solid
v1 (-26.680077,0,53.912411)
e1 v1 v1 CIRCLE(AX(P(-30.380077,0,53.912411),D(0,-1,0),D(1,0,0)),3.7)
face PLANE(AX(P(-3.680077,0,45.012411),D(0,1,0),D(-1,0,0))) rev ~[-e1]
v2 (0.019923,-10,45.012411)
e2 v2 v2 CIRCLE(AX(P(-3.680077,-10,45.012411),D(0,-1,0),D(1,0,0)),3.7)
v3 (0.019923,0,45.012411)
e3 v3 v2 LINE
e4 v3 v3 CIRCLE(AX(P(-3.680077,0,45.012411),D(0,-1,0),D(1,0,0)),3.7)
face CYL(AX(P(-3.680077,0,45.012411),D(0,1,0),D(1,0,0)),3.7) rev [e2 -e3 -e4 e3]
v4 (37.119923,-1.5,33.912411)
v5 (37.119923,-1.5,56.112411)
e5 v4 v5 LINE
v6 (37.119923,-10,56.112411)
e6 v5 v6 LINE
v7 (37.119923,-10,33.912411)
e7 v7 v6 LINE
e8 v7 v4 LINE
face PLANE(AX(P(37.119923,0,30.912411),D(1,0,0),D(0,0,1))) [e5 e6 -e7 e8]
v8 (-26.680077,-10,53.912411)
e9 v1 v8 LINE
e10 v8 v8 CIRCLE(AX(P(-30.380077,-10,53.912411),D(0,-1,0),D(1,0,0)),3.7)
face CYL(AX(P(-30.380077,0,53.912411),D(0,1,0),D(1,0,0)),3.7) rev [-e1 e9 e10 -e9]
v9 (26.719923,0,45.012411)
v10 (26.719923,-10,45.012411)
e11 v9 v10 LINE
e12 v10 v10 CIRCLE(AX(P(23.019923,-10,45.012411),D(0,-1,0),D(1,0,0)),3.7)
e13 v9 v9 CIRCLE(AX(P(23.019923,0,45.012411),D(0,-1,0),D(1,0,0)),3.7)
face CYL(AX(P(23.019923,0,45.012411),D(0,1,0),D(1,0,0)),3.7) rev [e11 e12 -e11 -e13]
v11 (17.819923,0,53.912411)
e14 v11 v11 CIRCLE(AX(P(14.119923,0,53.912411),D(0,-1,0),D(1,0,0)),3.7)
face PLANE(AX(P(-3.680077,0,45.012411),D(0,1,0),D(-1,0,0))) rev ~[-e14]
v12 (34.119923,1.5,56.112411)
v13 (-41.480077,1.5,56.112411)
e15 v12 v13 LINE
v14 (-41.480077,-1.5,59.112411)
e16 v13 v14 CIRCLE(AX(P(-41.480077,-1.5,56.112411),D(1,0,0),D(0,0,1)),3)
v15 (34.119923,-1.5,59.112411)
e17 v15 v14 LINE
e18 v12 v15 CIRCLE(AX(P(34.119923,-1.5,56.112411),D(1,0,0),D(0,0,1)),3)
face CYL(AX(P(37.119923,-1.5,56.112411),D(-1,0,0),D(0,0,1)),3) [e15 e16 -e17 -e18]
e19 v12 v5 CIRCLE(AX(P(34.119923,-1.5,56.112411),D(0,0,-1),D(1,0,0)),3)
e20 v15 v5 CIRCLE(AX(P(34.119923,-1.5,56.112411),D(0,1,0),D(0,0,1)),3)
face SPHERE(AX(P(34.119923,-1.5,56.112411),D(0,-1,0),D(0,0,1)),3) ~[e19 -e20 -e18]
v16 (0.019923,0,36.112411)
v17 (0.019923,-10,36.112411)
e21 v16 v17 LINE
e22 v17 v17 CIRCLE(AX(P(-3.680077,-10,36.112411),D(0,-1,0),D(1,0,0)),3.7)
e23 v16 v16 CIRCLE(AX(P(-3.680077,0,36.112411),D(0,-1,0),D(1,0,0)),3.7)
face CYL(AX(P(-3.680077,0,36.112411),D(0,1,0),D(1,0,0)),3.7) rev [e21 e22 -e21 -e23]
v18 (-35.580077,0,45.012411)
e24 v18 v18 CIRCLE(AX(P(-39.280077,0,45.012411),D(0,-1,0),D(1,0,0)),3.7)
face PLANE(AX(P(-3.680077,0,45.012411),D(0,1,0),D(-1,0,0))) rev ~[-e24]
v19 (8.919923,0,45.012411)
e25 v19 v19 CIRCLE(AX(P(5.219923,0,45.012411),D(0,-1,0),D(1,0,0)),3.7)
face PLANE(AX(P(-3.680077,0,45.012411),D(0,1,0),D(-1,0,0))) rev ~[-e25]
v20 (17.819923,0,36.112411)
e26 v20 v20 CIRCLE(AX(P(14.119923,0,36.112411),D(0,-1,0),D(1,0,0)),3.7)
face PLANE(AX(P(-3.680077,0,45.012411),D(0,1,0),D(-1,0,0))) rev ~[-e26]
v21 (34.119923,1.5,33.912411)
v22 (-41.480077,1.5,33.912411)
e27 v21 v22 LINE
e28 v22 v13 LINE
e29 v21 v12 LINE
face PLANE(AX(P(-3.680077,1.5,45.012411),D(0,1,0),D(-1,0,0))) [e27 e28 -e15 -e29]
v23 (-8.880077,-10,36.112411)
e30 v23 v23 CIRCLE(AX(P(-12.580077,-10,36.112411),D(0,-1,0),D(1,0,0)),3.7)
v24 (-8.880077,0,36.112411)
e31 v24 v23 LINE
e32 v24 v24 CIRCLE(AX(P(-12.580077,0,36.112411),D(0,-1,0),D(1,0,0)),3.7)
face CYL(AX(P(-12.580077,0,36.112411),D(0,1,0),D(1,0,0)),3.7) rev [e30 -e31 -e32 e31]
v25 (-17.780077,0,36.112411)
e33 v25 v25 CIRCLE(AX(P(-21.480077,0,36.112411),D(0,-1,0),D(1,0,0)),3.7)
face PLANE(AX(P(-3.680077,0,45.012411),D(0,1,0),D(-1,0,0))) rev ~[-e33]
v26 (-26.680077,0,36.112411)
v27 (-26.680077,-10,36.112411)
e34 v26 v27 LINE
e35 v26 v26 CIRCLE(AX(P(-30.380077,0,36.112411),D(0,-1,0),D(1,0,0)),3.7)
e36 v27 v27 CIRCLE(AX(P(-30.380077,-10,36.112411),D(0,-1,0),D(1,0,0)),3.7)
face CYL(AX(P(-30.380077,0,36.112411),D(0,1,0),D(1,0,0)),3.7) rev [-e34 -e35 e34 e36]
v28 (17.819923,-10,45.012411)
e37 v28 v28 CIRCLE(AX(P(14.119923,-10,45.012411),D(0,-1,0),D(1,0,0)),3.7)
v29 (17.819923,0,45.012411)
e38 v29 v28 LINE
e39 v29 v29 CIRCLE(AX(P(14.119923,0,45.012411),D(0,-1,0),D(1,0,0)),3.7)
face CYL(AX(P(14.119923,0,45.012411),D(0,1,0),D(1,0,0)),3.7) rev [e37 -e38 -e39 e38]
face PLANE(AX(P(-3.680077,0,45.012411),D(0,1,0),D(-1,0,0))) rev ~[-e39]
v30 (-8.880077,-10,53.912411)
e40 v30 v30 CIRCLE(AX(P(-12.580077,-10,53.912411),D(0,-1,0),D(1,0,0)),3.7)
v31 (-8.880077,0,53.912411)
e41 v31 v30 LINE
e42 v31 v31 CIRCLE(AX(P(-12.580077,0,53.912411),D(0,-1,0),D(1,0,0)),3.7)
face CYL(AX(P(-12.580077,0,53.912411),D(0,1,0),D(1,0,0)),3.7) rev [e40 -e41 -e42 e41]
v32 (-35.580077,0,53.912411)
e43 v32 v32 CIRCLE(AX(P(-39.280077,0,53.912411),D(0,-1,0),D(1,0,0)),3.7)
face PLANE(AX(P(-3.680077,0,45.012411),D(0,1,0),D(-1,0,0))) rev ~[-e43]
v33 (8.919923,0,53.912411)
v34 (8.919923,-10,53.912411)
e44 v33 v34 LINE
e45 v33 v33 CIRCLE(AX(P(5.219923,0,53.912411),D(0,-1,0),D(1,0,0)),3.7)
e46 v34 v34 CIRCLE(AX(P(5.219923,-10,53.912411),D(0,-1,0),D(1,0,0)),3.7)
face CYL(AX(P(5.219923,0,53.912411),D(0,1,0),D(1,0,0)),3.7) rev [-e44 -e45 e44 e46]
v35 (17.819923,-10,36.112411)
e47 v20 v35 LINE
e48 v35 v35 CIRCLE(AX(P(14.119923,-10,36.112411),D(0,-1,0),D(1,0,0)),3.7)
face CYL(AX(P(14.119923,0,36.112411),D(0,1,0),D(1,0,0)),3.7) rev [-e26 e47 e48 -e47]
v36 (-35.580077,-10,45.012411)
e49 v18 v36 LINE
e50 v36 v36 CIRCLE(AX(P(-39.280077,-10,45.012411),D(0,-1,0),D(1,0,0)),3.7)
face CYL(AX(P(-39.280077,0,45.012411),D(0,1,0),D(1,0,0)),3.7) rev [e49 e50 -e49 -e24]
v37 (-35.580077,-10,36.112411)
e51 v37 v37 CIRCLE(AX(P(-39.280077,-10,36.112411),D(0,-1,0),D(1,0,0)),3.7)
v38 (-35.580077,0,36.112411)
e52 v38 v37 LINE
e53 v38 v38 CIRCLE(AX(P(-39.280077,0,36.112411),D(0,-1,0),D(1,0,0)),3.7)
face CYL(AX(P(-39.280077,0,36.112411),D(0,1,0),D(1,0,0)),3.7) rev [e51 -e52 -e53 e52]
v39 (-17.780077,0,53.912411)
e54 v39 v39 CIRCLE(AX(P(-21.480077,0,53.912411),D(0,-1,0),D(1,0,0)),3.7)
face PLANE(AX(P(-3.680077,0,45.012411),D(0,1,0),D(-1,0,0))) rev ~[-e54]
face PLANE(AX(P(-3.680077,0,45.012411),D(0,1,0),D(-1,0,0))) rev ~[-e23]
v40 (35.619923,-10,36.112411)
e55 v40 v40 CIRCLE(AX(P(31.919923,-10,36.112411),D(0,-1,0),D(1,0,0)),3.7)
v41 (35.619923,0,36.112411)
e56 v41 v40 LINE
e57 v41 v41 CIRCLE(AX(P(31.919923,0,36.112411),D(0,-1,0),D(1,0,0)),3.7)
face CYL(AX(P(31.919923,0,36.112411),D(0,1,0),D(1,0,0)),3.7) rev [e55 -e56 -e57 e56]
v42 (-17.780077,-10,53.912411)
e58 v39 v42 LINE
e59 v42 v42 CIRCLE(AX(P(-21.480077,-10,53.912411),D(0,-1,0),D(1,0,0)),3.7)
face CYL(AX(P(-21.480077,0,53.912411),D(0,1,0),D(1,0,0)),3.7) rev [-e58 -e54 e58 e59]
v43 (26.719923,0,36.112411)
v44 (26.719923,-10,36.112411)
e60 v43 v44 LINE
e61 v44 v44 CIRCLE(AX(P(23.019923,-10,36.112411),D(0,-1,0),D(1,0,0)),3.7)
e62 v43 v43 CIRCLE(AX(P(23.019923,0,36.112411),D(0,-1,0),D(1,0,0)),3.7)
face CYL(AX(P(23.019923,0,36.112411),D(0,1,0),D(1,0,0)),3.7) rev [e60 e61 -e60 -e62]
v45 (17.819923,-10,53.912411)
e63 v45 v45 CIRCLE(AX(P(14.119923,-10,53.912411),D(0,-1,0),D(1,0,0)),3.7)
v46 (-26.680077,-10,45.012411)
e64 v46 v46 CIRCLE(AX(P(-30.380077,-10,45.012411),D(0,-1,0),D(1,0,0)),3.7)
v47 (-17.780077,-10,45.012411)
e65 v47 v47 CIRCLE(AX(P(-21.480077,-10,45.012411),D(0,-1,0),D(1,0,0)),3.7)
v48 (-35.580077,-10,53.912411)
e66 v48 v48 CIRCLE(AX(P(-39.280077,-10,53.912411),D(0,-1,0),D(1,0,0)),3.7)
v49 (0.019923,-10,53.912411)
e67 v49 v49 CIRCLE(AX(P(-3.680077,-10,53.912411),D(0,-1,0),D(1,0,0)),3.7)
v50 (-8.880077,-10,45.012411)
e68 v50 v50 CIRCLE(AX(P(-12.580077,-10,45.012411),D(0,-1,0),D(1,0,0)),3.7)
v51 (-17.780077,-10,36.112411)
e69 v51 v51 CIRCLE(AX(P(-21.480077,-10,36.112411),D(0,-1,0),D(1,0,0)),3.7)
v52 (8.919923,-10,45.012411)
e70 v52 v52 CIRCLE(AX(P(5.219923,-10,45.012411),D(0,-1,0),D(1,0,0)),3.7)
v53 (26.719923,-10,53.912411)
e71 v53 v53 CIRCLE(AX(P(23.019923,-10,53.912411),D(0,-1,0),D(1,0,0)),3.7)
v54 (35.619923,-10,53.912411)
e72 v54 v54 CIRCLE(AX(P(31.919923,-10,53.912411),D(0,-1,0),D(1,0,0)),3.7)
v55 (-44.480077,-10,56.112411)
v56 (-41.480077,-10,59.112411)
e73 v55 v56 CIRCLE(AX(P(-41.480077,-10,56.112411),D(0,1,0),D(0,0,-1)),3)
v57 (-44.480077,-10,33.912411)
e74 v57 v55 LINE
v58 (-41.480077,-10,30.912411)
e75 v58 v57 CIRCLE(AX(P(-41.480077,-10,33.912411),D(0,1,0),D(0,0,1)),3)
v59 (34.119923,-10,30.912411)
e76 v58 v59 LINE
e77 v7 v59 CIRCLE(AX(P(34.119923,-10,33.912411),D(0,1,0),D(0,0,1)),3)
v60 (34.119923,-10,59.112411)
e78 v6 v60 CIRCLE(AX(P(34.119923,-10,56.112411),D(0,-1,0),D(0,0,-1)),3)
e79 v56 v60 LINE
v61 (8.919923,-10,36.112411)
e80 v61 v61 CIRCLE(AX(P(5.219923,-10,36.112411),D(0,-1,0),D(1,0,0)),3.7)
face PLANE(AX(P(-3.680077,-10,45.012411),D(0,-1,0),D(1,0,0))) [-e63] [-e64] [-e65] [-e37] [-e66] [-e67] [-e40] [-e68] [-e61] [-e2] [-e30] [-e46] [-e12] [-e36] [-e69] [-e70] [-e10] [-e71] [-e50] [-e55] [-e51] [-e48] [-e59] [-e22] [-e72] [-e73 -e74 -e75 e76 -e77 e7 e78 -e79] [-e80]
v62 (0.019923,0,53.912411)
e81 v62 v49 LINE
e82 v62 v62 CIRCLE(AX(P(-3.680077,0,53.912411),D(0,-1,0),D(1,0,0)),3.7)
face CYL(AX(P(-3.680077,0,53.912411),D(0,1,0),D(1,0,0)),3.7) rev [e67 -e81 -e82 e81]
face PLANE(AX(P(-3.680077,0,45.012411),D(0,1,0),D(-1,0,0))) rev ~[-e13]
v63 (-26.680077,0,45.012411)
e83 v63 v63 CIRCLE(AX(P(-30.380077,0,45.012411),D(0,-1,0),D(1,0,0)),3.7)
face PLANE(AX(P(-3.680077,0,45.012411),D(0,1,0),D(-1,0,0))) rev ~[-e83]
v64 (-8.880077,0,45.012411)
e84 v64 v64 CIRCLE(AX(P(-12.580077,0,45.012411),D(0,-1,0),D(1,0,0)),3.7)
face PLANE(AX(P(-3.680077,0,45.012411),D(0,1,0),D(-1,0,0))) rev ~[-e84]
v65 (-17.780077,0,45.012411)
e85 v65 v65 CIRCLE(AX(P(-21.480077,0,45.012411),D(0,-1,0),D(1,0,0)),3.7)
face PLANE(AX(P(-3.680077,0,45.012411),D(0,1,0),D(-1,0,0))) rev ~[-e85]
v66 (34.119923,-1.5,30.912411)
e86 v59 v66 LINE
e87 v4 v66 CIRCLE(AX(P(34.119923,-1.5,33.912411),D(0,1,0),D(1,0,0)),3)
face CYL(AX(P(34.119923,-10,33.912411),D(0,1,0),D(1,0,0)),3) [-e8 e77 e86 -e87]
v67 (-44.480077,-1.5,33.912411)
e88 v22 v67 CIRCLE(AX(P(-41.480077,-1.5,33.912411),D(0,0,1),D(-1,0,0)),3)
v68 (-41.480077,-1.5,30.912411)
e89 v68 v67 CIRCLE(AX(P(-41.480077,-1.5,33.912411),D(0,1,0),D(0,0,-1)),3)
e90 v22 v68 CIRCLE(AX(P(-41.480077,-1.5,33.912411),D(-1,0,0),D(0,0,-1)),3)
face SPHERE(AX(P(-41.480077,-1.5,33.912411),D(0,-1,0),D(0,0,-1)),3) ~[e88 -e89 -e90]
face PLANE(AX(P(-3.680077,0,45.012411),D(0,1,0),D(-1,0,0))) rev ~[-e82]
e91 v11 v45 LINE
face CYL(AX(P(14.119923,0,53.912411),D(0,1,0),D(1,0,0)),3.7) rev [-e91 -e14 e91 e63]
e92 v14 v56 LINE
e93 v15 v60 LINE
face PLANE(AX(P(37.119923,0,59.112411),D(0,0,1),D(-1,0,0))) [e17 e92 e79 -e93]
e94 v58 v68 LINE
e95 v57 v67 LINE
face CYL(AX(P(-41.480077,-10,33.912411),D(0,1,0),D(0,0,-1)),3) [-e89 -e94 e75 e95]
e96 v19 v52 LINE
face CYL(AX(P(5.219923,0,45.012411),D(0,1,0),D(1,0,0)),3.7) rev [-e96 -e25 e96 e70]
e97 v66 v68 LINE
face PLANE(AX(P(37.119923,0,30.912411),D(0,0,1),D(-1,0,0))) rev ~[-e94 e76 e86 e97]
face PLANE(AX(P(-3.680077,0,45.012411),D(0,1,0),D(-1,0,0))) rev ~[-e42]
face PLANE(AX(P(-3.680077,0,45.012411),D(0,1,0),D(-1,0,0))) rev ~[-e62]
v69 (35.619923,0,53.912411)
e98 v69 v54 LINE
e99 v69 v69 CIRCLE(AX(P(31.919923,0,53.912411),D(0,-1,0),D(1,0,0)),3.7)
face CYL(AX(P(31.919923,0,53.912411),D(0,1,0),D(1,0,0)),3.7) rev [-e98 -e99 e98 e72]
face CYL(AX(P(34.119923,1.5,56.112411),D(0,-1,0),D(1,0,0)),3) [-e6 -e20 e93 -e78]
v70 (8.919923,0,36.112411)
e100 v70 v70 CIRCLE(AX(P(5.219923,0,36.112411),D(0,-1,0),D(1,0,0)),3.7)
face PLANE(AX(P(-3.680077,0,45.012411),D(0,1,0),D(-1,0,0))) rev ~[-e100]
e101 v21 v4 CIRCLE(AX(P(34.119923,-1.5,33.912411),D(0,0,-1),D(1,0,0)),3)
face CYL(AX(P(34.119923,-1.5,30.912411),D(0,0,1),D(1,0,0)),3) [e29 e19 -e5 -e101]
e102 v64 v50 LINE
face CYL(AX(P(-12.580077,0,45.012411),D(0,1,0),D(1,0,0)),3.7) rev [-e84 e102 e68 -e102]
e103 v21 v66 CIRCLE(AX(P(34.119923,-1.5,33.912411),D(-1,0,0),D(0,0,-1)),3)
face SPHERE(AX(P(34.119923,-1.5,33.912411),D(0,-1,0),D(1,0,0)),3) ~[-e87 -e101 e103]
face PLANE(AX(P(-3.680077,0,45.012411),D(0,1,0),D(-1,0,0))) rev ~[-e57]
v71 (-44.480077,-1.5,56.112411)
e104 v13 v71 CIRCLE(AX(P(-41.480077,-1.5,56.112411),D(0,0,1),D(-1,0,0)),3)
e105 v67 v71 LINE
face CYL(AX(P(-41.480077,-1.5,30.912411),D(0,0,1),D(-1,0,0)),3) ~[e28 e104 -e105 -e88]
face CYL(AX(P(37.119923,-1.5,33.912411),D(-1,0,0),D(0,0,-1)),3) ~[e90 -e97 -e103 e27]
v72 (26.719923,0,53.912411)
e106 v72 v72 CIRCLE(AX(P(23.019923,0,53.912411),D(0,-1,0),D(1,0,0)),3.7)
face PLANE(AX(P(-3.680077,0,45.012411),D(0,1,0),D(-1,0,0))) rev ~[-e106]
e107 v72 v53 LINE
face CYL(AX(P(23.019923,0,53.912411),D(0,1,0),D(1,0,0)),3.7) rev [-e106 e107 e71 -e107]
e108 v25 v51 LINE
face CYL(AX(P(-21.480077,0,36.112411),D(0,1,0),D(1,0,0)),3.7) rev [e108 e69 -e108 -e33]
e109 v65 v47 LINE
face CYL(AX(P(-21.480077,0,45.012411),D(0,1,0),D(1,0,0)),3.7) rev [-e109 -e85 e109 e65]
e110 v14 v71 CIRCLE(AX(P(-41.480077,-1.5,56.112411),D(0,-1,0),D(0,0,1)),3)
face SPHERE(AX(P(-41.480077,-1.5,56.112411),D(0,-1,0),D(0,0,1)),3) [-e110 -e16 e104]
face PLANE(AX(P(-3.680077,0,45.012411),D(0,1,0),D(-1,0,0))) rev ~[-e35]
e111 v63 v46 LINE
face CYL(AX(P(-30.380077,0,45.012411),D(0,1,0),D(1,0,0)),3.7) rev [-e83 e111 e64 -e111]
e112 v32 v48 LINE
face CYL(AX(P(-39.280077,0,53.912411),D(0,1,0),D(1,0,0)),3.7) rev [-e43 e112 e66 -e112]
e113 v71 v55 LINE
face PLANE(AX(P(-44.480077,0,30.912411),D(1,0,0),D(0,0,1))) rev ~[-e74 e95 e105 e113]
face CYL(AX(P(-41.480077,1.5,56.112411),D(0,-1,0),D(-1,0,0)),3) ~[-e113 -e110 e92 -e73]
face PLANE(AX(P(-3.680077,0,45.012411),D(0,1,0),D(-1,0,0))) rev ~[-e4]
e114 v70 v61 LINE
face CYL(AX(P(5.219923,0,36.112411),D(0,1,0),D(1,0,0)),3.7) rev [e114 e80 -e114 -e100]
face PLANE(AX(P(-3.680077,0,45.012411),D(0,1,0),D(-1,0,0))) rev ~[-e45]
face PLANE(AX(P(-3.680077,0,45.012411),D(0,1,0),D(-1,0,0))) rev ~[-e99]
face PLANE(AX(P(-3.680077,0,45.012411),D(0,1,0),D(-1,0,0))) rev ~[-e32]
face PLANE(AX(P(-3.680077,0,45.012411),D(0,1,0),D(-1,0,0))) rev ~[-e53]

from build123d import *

# Parameters (mm, degrees)
F0_W     = 81.6
F0_H     = 28.2
F0_R     = 3.7
F1_DEPTH = 10
F2_W     = 81.6
F2_H     = 28.2
F3_DEPTH = 1.5
F4_R     = 3


with BuildPart() as f1:
    # F0 (on Front) → F1 (new body)
    with BuildSketch(Plane.XZ):
        with Locations((-3.680077, 45.012411)):
            Rectangle(F0_W, F0_H)
        with Locations((-39.280077, 36.112411)):
            Circle(F0_R, mode=Mode.SUBTRACT)
        with Locations((-30.380077, 36.112411)):
            Circle(F0_R, mode=Mode.SUBTRACT)
        with Locations((-21.480077, 36.112411)):
            Circle(F0_R, mode=Mode.SUBTRACT)
        with Locations((-12.580077, 36.112411)):
            Circle(F0_R, mode=Mode.SUBTRACT)
        with Locations((-3.680077, 36.112411)):
            Circle(F0_R, mode=Mode.SUBTRACT)
        with Locations((5.219923, 36.112411)):
            Circle(F0_R, mode=Mode.SUBTRACT)
        with Locations((14.119923, 36.112411)):
            Circle(F0_R, mode=Mode.SUBTRACT)
        with Locations((23.019923, 36.112411)):
            Circle(F0_R, mode=Mode.SUBTRACT)
        with Locations((31.919923, 36.112411)):
            Circle(F0_R, mode=Mode.SUBTRACT)
        with Locations((-39.280077, 45.012411)):
            Circle(F0_R, mode=Mode.SUBTRACT)
        with Locations((-30.380077, 45.012411)):
            Circle(F0_R, mode=Mode.SUBTRACT)
        with Locations((-21.480077, 45.012411)):
            Circle(F0_R, mode=Mode.SUBTRACT)
        with Locations((-12.580077, 45.012411)):
            Circle(F0_R, mode=Mode.SUBTRACT)
        with Locations((-39.280077, 53.912411)):
            Circle(F0_R, mode=Mode.SUBTRACT)
        with Locations((-30.380077, 53.912411)):
            Circle(F0_R, mode=Mode.SUBTRACT)
        with Locations((-21.480077, 53.912411)):
            Circle(F0_R, mode=Mode.SUBTRACT)
        with Locations((-12.580077, 53.912411)):
            Circle(F0_R, mode=Mode.SUBTRACT)
        with Locations((-3.680077, 45.012411)):
            Circle(F0_R, mode=Mode.SUBTRACT)
        with Locations((5.219923, 45.012411)):
            Circle(F0_R, mode=Mode.SUBTRACT)
        with Locations((14.119923, 45.012411)):
            Circle(F0_R, mode=Mode.SUBTRACT)
        with Locations((23.019923, 45.012411)):
            Circle(F0_R, mode=Mode.SUBTRACT)
        with Locations((31.919923, 45.012411)):
            Circle(F0_R, mode=Mode.SUBTRACT)
        with Locations((-3.680077, 53.912411)):
            Circle(F0_R, mode=Mode.SUBTRACT)
        with Locations((5.219923, 53.912411)):
            Circle(F0_R, mode=Mode.SUBTRACT)
        with Locations((14.119923, 53.912411)):
            Circle(F0_R, mode=Mode.SUBTRACT)
        with Locations((23.019923, 53.912411)):
            Circle(F0_R, mode=Mode.SUBTRACT)
        with Locations((31.919923, 53.912411)):
            Circle(F0_R, mode=Mode.SUBTRACT)
        with Locations((31.919923, 45.012411)):
            Circle(F0_R)
    extrude(amount=F1_DEPTH)

    # F2 (on face) → F3 (join)
    with BuildSketch(Plane(origin=(0, 0, 0), x_dir=(-1, 0, 0), z_dir=(0, 1, 0))):
        with Locations((3.680077, 45.012411)):
            Rectangle(F2_W, F2_H)
    extrude(amount=F3_DEPTH)

    # F4
    f4_edges = [f1.edges().sort_by_distance(p)[0] for p in [
        (-44.480077, -4.25, 30.912411),
        (-44.480077, -4.25, 59.112411),
        (37.119923, -4.25, 30.912411),
        (37.119923, -4.25, 59.112411),
        (-3.680077, 1.5, 59.112411),
        (37.119923, 1.5, 45.012411),
        (-3.680077, 1.5, 30.912411),
        (-44.480077, 1.5, 45.012411),
    ]]
    fillet(f4_edges, radius=F4_R)


solid = f1.part
